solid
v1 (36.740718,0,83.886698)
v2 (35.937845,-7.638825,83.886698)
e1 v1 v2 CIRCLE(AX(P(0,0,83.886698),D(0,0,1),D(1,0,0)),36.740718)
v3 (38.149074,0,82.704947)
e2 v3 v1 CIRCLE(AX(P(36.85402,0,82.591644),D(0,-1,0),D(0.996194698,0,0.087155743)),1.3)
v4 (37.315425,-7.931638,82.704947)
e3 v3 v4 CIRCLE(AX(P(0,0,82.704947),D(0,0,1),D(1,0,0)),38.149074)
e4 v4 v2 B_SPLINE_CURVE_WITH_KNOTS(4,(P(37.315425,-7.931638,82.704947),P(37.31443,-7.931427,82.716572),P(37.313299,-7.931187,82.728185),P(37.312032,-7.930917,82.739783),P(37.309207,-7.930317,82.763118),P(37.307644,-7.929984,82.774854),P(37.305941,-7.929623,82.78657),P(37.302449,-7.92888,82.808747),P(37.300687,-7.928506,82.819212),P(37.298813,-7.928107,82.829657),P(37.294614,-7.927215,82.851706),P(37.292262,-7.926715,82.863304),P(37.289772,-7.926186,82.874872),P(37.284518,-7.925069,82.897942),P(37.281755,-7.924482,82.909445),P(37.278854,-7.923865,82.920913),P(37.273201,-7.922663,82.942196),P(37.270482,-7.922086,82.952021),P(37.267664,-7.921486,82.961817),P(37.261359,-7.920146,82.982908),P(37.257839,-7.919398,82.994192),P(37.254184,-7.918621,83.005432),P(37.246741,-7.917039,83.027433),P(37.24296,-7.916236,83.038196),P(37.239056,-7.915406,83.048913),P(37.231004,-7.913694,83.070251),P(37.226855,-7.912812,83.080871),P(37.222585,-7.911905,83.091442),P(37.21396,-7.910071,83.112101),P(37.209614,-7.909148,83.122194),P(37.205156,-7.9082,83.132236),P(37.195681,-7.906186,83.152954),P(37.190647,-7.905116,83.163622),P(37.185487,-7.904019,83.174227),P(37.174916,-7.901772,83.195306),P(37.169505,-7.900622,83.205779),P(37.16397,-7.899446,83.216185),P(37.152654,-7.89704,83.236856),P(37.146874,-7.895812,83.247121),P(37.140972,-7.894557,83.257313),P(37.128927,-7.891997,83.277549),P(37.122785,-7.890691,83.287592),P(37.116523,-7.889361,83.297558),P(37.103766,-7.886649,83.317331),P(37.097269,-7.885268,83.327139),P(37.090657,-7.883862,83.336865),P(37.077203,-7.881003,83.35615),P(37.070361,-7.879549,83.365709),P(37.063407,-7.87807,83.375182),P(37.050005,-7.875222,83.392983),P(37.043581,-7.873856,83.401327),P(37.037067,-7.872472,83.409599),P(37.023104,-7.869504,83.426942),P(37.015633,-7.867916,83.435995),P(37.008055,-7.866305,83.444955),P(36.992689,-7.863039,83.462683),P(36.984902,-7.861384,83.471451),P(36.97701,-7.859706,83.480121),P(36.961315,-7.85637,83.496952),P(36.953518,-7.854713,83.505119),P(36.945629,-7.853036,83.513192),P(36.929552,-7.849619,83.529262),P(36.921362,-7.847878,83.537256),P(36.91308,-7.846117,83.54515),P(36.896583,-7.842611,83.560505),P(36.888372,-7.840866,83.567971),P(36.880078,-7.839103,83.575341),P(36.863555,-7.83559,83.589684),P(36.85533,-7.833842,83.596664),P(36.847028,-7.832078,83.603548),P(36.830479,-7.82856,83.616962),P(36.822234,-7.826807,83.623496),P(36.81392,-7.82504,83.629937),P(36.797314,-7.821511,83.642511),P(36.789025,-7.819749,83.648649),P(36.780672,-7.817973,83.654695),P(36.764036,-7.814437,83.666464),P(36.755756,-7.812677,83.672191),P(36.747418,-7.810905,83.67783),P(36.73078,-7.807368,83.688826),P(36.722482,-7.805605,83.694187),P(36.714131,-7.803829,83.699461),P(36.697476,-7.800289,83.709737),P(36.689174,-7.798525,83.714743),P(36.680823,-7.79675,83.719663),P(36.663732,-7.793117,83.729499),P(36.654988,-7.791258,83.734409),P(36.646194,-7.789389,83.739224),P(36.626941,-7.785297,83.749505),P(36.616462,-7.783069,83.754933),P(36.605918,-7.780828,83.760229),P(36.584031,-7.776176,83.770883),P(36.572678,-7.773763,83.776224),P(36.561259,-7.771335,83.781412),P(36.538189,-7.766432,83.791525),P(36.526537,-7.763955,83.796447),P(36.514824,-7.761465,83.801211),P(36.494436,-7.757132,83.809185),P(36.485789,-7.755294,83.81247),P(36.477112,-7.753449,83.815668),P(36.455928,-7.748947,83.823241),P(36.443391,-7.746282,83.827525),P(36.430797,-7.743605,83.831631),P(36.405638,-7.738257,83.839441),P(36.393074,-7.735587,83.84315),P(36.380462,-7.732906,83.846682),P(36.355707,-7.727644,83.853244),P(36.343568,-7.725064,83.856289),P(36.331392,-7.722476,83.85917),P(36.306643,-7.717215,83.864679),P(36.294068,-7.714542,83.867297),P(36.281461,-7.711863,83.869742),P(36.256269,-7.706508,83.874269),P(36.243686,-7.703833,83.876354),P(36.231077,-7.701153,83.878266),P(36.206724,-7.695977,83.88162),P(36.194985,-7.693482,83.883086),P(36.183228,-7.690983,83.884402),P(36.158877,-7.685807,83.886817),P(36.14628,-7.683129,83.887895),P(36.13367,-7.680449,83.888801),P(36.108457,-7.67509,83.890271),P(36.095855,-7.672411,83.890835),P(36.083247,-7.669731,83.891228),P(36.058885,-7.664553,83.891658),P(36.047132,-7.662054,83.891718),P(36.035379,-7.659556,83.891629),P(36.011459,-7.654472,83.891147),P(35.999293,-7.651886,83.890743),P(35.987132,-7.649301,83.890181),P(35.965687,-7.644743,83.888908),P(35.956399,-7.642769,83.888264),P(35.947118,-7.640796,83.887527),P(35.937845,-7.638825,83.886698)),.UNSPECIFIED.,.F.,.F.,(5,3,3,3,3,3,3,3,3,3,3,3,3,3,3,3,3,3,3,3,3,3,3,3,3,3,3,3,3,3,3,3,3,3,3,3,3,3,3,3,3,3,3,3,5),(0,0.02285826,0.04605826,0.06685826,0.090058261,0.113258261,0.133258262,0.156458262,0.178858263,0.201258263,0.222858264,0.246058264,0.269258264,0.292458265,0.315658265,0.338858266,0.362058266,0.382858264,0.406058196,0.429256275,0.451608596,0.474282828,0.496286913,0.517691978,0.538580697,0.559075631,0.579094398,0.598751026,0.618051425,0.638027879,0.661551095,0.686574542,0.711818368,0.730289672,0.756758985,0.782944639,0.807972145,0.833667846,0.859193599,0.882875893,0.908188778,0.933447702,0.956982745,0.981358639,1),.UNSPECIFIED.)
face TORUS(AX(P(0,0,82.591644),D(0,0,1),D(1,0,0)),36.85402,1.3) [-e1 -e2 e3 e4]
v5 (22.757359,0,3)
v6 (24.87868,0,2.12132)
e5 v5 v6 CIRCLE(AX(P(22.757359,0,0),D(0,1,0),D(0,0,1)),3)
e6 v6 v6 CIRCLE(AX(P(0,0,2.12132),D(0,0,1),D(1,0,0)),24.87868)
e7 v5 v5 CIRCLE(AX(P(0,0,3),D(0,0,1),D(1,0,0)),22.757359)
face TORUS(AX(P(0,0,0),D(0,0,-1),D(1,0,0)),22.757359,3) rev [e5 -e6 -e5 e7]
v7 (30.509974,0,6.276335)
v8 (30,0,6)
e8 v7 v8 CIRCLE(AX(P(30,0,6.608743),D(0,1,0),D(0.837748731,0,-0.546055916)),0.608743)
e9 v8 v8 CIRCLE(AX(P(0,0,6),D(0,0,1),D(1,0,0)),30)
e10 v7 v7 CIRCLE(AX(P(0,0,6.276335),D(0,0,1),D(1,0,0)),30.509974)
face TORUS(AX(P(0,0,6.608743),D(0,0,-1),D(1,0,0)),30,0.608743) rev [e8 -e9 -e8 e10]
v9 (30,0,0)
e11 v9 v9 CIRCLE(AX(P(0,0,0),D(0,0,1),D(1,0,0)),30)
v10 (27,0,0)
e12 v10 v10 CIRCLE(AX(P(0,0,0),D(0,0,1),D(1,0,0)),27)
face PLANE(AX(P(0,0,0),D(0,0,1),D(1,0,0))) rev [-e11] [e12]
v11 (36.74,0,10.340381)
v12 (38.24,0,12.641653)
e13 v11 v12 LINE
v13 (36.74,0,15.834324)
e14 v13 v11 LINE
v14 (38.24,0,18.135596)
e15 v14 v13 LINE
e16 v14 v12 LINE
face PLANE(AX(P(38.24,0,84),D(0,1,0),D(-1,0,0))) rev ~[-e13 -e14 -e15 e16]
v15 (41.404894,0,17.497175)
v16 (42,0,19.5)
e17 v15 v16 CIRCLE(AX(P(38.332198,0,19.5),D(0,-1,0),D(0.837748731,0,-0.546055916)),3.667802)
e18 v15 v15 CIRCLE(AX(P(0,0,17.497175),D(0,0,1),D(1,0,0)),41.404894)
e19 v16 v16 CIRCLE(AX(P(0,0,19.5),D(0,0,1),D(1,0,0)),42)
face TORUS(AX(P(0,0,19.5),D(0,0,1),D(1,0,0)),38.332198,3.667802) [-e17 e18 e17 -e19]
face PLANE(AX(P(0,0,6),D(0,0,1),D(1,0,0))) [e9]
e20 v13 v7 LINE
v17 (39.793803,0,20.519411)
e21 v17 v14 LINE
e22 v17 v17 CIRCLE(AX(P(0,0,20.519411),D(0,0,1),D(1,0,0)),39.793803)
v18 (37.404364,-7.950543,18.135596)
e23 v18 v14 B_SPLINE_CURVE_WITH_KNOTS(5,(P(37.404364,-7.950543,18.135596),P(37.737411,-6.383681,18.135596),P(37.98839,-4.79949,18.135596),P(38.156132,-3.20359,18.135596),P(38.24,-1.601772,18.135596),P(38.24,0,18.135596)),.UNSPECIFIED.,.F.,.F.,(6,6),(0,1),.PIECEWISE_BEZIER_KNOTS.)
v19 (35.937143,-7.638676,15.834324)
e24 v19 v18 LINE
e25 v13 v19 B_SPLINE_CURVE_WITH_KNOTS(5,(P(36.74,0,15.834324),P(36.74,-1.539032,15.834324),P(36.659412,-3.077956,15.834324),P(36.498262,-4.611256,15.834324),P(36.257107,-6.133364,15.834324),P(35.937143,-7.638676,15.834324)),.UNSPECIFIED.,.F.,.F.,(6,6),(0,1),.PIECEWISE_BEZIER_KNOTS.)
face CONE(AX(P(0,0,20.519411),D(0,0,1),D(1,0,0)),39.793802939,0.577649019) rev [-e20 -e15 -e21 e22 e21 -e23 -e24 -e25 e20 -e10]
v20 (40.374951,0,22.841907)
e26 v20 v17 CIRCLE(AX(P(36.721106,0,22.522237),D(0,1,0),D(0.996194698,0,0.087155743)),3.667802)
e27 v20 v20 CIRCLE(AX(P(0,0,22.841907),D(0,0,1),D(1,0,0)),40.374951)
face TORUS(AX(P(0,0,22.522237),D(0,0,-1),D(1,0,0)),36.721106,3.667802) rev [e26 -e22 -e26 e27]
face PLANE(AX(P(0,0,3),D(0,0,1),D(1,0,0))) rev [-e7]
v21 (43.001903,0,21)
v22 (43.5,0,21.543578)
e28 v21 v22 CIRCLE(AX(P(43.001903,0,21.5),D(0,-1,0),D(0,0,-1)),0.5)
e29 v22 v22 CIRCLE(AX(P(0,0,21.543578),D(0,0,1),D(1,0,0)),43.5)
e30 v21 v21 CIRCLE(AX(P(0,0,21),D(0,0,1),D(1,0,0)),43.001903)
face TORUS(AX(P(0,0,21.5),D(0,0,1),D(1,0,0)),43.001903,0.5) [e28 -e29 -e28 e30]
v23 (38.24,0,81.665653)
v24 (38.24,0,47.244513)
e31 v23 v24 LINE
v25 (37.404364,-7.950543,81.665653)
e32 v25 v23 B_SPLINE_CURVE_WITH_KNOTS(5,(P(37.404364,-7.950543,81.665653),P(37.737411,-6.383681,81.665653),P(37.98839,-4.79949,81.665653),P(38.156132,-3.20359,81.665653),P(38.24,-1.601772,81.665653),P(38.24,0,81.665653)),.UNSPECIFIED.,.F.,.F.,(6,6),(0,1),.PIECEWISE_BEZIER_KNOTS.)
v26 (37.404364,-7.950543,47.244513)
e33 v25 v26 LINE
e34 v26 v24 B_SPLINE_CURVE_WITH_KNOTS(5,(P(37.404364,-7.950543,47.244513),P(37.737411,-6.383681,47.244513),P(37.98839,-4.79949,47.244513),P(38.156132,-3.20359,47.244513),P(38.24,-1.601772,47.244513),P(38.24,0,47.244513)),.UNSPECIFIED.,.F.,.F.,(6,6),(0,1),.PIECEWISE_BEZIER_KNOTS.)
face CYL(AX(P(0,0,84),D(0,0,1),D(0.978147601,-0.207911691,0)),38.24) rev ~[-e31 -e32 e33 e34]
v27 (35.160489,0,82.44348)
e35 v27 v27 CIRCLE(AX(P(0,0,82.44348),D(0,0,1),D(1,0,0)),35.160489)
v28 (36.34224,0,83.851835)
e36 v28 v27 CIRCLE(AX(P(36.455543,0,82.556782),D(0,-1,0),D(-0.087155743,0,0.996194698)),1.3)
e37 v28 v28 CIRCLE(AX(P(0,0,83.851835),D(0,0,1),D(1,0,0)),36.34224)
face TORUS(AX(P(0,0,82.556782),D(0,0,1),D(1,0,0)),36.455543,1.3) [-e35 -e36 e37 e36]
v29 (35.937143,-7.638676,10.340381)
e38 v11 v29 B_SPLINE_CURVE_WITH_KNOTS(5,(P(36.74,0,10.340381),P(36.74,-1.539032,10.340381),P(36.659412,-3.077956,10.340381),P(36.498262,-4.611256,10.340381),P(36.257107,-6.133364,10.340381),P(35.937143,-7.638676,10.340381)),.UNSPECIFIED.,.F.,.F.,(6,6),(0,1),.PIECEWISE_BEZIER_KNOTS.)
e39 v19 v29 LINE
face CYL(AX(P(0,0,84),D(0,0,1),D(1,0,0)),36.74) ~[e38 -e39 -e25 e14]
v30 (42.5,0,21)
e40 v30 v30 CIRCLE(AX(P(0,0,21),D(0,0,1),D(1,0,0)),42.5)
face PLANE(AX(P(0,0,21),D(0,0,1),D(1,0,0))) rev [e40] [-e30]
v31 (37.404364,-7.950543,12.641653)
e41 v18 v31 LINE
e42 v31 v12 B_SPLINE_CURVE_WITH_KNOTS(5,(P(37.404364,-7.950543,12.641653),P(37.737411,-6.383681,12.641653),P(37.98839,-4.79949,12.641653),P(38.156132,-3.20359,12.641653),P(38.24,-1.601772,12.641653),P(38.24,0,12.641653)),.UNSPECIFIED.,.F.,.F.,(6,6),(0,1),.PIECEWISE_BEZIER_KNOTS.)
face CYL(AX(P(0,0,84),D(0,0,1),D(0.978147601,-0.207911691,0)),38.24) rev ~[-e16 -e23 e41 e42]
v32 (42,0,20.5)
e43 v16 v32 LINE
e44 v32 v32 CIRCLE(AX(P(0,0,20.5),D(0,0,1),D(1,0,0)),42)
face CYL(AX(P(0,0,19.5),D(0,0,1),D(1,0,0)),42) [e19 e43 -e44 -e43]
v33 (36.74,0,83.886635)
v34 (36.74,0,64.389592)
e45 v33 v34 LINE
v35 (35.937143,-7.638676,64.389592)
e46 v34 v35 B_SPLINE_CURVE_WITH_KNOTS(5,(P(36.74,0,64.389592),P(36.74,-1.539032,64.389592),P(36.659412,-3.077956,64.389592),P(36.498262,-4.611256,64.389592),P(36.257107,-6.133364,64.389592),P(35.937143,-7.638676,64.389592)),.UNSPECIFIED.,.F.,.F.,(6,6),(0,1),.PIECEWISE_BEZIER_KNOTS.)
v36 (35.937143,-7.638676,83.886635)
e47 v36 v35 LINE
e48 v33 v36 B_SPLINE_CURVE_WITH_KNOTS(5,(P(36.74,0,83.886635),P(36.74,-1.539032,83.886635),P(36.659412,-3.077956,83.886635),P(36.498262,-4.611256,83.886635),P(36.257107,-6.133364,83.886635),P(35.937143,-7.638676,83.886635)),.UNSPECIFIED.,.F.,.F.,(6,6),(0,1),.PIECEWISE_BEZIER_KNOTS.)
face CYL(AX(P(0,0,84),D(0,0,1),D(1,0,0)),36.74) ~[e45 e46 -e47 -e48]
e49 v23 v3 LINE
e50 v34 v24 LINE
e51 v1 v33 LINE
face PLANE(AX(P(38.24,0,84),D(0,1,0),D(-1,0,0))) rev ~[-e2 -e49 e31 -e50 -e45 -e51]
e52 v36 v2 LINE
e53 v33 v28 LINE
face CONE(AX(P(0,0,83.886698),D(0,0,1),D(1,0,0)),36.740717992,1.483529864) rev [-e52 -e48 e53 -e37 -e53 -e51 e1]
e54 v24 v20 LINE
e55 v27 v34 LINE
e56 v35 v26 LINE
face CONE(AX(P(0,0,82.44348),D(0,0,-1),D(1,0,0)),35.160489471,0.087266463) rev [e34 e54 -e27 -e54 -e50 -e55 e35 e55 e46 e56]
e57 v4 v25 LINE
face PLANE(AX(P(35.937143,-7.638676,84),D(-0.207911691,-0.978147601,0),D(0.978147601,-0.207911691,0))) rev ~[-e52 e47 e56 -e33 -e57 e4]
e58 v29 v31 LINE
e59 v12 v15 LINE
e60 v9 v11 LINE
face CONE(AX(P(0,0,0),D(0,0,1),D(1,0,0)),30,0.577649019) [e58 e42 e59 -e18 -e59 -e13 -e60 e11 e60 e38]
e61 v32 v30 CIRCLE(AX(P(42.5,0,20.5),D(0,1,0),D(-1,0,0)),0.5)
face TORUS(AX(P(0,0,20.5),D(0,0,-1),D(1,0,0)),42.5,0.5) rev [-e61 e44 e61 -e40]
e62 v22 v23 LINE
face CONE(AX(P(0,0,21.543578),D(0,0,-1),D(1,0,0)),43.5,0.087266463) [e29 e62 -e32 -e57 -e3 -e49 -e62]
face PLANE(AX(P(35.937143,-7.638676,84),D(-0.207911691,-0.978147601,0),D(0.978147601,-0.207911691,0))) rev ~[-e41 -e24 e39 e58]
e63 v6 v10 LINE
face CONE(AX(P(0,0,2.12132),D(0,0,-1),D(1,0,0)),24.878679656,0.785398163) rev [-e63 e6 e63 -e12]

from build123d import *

# Parameters (mm, degrees)
F5_DEPTH = 90


with BuildPart() as f1:
    # F0 (on Front) → F1 (revolve)
    with BuildSketch(Plane.XZ):
        with BuildLine():
            Line((0, 6), (0, 3))
            Line((0, 3), (22.7573593129, 3))
            ThreePointArc((22.7573593129, 3), (23.90540961, 2.7716385975), (24.8786796564, 2.1213203436))
            Line((24.8786796564, 2.1213203436), (27, 0))
            Line((27, 0), (30, 0))
            Line((30, 0), (41.4048944047, 17.4971747949))
            ThreePointArc((41.4048944047, 17.4971747949), (41.8480772311, 18.4553159004), (42, 19.5))
            Line((42, 19.5), (42, 20.5))
            ThreePointArc((42, 20.5), (42.1464466094, 20.8535533906), (42.5, 21))
            Line((42.5, 21), (43.001902651, 21))
            ThreePointArc((43.001902651, 21), (43.3705413194, 21.1622048962), (43.5, 21.5435778714))
            Line((43.5, 21.5435778714), (38.1490735649, 82.7049468925))
            ThreePointArc((38.1490735649, 82.7049468925), (37.68964435, 83.587502203), (36.7407179918, 83.8866975344))
            Line((36.7407179918, 83.8866975344), (36.3422401126, 83.8518352373))
            ThreePointArc((36.3422401126, 83.8518352373), (35.4596848021, 83.3924060224), (35.1604894707, 82.4434796642))
            Line((35.1604894707, 82.4434796642), (40.3749514393, 22.8419066317))
            ThreePointArc((40.3749514393, 22.8419066317), (40.2792079079, 21.6319073126), (39.7938029395, 20.5194113833))
            Line((39.7938029395, 20.5194113833), (30.5099740712, 6.2763354976))
            ThreePointArc((30.5099740712, 6.2763354976), (30.2900150257, 6.0735239847), (30, 6))
            Line((30, 6), (0, 6))
        make_face()
    revolve(axis=Axis((0, 0, 41.3524734462), (0, 0, 1)))

    # F3 (on plane+point) → F5 (cut)
    with BuildSketch(Plane.XY.offset(84)):
        with BuildLine():
            Line((38.24, 0), (36.74, 0))
            ThreePointArc((36.74, 0), (36.5387344358, -3.8403757405), (35.937142851, -7.6386755206))
            Line((35.937142851, -7.6386755206), (37.4043642521, -7.9505430569))
            ThreePointArc((37.4043642521, -7.9505430569), (38.0305172789, -3.9971684354), (38.24, 0))
        make_face()
    extrude(amount=-F5_DEPTH, mode=Mode.SUBTRACT)


solid = f1.part
